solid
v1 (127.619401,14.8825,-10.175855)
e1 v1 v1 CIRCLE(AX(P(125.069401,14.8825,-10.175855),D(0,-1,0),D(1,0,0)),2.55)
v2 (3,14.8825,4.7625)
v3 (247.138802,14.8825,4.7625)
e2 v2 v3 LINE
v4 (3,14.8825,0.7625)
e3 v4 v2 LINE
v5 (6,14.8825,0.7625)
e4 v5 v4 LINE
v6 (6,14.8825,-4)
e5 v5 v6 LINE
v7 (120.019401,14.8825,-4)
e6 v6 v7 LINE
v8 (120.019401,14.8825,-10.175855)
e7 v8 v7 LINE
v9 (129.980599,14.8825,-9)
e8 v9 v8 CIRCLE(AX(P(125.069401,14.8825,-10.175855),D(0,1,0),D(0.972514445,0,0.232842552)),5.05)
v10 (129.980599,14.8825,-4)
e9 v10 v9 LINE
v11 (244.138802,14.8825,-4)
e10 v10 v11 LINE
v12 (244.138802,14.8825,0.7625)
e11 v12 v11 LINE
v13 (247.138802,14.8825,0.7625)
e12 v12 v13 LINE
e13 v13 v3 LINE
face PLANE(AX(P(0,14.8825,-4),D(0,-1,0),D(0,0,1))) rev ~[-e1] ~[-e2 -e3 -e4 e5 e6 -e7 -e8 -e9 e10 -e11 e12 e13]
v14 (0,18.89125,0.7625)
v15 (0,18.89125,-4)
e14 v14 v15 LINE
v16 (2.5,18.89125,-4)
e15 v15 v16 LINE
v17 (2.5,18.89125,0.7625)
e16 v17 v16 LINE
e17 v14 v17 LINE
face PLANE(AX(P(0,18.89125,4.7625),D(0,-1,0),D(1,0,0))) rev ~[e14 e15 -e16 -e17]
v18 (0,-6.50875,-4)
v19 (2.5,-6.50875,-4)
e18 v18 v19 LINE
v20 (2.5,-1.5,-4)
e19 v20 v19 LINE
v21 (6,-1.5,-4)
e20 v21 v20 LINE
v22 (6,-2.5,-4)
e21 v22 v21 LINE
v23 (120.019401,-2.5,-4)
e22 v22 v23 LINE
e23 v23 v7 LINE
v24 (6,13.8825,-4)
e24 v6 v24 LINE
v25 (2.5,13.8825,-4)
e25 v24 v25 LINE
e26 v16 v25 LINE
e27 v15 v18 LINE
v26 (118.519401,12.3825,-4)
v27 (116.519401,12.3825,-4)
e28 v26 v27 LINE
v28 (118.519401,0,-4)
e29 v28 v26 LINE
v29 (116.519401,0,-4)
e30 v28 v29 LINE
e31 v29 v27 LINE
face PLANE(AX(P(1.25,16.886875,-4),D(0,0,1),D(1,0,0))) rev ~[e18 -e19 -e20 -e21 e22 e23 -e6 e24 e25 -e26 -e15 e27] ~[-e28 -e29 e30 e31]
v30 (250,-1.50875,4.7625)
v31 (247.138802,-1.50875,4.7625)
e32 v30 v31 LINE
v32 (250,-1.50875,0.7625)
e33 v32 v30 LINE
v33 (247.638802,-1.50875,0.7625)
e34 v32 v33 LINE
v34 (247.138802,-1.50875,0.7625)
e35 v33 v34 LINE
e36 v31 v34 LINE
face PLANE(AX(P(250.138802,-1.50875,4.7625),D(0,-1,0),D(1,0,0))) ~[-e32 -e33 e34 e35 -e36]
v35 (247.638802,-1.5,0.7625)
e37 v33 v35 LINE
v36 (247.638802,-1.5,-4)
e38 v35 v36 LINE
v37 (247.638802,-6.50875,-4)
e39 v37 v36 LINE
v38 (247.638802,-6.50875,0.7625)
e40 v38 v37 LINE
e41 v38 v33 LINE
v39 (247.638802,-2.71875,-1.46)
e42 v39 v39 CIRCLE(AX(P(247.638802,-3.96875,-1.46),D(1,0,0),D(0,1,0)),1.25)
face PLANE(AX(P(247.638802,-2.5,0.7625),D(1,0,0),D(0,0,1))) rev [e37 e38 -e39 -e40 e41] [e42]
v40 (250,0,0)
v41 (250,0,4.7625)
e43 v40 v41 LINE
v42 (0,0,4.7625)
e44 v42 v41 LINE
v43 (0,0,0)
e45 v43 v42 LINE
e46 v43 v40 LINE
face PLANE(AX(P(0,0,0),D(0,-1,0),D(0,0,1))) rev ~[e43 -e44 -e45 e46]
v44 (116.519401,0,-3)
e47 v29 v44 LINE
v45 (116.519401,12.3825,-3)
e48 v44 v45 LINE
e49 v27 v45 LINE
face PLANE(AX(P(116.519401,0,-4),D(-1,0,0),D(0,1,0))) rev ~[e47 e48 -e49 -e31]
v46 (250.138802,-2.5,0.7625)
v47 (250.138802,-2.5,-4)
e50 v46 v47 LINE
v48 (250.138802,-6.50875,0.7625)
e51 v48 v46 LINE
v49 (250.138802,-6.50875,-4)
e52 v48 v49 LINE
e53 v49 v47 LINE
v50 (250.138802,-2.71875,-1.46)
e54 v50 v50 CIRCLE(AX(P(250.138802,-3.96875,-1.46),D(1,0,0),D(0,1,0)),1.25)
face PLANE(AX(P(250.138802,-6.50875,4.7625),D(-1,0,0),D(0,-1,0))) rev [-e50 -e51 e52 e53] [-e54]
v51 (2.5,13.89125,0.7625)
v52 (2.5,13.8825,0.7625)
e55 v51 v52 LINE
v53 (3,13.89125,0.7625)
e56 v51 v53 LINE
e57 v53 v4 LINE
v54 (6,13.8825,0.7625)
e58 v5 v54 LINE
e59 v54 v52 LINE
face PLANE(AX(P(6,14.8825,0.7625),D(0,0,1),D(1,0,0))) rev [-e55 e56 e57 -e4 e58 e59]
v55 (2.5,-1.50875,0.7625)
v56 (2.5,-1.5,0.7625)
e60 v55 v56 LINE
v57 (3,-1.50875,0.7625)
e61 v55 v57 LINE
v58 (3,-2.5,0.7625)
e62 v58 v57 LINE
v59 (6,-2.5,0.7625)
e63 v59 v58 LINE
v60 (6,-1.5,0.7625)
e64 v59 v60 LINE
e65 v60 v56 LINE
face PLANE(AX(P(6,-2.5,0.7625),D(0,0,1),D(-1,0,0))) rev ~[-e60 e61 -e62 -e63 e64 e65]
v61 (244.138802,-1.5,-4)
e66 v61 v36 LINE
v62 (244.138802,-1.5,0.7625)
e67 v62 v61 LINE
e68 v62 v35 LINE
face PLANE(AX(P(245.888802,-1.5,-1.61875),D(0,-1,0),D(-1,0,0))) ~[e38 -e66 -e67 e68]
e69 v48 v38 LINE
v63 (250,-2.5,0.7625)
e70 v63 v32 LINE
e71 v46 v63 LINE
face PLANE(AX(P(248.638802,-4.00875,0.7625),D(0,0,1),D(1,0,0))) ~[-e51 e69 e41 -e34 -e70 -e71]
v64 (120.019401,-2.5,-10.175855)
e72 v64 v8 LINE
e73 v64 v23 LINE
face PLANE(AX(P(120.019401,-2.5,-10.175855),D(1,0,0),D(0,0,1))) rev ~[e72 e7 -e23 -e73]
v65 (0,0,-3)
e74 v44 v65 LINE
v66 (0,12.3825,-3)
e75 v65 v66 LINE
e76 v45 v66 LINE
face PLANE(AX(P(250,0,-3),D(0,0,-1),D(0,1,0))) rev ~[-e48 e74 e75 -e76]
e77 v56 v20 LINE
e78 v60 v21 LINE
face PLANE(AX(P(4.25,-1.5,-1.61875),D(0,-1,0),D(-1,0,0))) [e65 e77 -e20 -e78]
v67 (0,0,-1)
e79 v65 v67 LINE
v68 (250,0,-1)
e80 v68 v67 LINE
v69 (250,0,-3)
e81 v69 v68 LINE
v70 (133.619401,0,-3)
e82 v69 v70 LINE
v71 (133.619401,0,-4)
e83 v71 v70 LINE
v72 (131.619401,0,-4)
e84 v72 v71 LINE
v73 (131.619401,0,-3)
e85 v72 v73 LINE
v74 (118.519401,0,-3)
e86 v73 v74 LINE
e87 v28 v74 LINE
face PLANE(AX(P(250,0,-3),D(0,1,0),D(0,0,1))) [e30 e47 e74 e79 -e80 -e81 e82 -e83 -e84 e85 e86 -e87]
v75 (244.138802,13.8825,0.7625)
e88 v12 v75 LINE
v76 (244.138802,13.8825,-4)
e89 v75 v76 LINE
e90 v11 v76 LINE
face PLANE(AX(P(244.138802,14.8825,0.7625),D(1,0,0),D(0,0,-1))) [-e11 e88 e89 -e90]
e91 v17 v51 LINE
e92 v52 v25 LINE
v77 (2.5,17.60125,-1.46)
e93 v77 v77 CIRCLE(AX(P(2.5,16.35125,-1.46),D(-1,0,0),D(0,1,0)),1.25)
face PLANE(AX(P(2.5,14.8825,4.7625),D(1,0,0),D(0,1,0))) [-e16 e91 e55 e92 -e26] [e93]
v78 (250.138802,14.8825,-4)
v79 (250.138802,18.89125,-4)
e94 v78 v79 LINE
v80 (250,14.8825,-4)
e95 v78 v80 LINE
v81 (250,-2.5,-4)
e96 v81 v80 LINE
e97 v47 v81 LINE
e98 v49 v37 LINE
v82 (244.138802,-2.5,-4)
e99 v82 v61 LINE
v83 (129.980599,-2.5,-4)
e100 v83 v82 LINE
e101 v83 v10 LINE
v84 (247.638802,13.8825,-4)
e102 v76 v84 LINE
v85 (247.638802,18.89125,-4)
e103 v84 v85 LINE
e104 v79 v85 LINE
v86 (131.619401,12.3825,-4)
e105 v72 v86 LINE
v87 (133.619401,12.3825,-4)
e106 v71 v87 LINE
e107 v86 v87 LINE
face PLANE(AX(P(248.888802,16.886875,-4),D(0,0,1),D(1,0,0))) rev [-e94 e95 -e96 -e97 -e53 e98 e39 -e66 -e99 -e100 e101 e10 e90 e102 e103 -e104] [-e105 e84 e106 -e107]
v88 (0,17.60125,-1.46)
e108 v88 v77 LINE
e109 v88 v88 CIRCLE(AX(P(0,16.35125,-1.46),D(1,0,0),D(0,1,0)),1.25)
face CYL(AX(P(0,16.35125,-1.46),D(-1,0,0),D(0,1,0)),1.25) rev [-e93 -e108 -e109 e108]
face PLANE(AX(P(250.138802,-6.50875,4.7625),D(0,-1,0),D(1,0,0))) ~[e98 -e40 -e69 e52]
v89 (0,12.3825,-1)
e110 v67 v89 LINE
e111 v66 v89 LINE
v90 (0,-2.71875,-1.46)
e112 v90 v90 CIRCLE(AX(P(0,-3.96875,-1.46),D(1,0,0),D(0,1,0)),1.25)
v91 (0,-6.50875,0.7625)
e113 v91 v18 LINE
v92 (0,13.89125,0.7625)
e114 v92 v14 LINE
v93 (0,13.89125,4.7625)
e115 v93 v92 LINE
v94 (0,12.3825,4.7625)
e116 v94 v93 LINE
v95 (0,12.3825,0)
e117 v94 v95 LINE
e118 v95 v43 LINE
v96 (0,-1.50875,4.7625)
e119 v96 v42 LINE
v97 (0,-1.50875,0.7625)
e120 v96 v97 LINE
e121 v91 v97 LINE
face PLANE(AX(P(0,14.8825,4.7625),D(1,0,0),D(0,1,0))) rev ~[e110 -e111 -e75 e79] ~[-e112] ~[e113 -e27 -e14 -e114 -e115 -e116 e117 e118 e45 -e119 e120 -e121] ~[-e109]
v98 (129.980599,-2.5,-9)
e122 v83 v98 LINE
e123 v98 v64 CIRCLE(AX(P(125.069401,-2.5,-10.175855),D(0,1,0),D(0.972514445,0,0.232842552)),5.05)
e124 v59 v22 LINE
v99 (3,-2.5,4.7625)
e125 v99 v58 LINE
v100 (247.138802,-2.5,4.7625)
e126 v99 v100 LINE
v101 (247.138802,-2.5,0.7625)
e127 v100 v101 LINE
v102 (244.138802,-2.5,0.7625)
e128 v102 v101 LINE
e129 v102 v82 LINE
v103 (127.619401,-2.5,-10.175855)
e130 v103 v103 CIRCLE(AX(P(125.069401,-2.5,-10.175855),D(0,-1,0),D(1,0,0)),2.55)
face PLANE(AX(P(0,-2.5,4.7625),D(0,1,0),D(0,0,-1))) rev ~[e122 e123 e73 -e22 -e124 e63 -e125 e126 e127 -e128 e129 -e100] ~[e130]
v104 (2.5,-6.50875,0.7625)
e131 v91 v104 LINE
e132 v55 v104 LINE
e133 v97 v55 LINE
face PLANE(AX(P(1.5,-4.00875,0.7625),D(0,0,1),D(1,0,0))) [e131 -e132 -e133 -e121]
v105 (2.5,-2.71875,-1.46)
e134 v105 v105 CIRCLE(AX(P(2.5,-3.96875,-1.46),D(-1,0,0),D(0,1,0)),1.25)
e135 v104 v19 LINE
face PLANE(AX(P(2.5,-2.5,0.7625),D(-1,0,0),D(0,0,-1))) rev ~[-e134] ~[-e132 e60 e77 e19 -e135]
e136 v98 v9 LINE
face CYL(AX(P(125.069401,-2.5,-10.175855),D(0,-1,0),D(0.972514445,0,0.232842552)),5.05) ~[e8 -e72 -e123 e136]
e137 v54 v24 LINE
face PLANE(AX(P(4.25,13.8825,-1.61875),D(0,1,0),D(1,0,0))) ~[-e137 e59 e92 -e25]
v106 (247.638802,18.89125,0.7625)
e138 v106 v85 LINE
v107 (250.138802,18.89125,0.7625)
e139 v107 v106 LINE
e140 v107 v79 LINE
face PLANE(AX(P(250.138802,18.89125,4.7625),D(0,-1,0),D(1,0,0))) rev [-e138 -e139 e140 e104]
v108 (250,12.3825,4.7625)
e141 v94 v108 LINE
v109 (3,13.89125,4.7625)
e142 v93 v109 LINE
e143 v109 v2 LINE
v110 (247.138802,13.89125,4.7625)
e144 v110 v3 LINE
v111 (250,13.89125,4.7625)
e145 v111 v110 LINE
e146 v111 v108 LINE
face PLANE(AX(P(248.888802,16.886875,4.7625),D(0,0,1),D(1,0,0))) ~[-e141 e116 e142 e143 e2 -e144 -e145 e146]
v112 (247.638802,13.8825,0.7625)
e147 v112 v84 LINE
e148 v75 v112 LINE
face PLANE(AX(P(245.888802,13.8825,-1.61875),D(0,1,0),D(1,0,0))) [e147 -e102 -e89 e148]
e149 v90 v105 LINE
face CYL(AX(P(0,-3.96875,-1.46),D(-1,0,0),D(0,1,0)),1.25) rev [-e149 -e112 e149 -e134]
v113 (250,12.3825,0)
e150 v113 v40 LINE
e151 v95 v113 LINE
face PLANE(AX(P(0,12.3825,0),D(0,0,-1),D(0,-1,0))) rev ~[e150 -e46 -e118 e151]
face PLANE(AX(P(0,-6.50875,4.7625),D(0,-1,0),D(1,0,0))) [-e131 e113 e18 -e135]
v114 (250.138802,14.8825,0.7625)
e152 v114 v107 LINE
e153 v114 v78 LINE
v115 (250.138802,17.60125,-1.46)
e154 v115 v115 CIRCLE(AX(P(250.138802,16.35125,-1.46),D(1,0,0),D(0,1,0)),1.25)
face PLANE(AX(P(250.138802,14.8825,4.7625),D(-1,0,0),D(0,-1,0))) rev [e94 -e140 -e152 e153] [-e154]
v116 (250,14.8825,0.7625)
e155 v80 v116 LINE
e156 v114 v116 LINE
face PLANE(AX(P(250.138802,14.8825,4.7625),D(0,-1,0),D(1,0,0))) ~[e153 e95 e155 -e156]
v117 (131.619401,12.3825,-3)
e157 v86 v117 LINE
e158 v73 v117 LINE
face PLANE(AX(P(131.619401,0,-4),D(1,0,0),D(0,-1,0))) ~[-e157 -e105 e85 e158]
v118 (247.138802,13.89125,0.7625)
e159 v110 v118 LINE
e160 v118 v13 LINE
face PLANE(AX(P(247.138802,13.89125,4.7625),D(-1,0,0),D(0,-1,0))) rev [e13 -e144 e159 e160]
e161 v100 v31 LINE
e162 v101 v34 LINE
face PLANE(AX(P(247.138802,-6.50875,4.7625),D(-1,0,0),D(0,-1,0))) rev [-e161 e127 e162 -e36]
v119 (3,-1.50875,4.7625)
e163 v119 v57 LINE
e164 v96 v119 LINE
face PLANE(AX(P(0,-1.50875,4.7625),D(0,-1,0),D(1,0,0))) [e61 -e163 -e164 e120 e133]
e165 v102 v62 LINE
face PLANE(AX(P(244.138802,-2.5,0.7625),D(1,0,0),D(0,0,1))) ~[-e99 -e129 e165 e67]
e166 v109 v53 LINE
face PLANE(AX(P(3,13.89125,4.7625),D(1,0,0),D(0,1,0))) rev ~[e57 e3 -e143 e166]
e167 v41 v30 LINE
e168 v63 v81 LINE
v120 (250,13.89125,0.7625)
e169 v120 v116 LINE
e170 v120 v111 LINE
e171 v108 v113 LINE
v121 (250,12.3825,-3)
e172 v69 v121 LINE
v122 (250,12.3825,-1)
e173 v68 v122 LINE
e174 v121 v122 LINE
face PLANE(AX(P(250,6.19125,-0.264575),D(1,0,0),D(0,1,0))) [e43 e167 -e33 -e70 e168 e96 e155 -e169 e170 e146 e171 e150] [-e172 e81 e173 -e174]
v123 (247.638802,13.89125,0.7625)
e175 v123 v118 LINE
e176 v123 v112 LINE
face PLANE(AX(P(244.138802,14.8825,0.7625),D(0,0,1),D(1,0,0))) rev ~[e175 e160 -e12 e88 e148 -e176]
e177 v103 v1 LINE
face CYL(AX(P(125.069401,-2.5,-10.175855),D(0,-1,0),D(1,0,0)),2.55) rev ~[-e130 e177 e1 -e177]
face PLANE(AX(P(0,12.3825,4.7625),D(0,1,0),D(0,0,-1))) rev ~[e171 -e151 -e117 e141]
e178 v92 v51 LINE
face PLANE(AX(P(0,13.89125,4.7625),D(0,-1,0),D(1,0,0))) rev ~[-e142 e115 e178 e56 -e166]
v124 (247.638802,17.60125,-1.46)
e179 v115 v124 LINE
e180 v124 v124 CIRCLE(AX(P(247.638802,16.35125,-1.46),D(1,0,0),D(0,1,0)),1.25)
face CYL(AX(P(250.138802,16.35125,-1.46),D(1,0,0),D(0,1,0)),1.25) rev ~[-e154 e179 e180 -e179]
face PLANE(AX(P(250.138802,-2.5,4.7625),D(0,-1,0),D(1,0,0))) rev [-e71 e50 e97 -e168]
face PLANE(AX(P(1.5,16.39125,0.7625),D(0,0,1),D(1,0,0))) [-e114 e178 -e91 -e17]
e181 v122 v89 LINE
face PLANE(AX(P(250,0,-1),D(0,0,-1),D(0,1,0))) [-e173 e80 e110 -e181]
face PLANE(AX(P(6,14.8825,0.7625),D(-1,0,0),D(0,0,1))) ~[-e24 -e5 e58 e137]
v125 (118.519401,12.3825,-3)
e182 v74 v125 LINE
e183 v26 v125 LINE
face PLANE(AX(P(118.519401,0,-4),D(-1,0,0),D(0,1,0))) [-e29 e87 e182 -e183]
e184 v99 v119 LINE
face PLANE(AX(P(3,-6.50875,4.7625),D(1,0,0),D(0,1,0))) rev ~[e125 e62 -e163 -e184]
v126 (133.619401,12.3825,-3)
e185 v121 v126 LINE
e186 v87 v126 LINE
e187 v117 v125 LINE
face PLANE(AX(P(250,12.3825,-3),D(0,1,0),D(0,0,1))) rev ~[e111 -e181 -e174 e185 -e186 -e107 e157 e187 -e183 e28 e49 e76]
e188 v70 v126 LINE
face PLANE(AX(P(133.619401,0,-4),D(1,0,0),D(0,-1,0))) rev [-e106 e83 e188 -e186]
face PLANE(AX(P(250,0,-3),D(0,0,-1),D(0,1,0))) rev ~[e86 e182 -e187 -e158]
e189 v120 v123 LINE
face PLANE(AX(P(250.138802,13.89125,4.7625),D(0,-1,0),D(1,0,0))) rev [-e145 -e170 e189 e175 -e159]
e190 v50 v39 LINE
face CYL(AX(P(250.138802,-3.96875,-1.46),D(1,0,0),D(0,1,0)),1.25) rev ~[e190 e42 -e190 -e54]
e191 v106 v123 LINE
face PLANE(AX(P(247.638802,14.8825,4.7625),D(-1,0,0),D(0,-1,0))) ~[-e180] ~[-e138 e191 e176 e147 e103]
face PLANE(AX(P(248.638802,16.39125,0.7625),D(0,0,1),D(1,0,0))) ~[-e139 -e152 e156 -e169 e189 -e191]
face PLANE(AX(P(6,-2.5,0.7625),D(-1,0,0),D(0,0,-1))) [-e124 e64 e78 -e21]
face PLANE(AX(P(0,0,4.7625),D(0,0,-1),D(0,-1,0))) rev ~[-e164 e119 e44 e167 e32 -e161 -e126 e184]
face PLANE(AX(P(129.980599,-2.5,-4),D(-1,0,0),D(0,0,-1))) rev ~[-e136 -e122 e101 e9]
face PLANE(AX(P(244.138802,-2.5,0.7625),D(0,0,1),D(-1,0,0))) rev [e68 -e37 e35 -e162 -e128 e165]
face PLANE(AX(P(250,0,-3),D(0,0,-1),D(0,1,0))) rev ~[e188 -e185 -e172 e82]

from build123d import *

# Parameters (mm, degrees)
BOSS_EXTRUDE1_DEPTH     = 250
SKETCH3_R               = 2.55
BOSS_EXTRUDE2_DEPTH     = 17.3825
SKETCH8_W               = 12.3825
SKETCH8_H               = 2
CUT_EXTRUDE4_DEPTH      = 251
SKETCH9_W               = 2
SKETCH9_H               = 12.3825
CUT_EXTRUDE5_DEPTH      = 1
SKETCH10_W              = 2.5
SKETCH10_H              = 4.00875
BOSS_EXTRUDE3_DEPTH     = 8.7625
SKETCH11_R              = 1.25
CUT_EXTRUDE6_DEPTH      = 247.638802
SKETCH14_W              = 3
SKETCH14_H              = 5
CUT_EXTRUDE7_DEPTH      = 4
SKETCH15_W              = 3.5
SKETCH15_H              = 4.7625
CUT_EXTRUDE9_DEPTH      = 1
MIRROR8_COPY_1_SKETCH_W = 3.5
MIRROR8_COPY_1_SKETCH_H = 4.7625
MIRROR8_COPY_1_DEPTH    = 1


with BuildPart() as part:
    # Sketch1 → Boss-Extrude1 (new body)
    with BuildSketch(Plane.YZ):
        Polygon((0, 4.7625), (-2.5, 4.7625), (-2.5, -4), (14.8825, -4), (14.8825, 4.7625), (12.3825, 4.7625), (12.3825, 0), (0, 0), align=None)
    extrude(amount=BOSS_EXTRUDE1_DEPTH)

    # Sketch3 → Boss-Extrude2 (add)
    with BuildSketch(Plane.XZ.offset(2.5)):
        with BuildLine():
            Line((120.019401026, -4), (129.980598974, -4))
            Line((129.980598974, -4), (129.980598974, -9))
            ThreePointArc((129.980598974, -9), (125.66141047, -15.191034327), (120.019401026, -10.175854887))
            Line((120.019401026, -10.175854887), (120.019401026, -4))
        make_face()
        with Locations((125.069401026, -10.175854887)):
            Circle(SKETCH3_R, mode=Mode.SUBTRACT)
    extrude(amount=-BOSS_EXTRUDE2_DEPTH)

    # Sketch8 → Cut-Extrude4 (cut, through all)
    with BuildSketch(Plane.YZ.offset(250)):
        with Locations((6.19125, -2)):
            Rectangle(SKETCH8_W, SKETCH8_H)
    extrude(amount=-CUT_EXTRUDE4_DEPTH, mode=Mode.SUBTRACT)

    # Sketch9 → Cut-Extrude5 (cut)
    with BuildSketch(Plane(origin=(0, 0, -4), x_dir=(-1, 0, 0), z_dir=(0, 0, -1))):
        with Locations((-117.519401026, 6.19125)):
            Rectangle(SKETCH9_W, SKETCH9_H)
    cut_extrude5 = extrude(amount=-CUT_EXTRUDE5_DEPTH, mode=Mode.SUBTRACT)

    # Mirror1: Cut-Extrude5 across plane
    add(cut_extrude5.mirror(Plane.ZY.offset(-125.069401026)), mode=Mode.SUBTRACT)

    # Sketch10 → Boss-Extrude3 (add)
    with BuildSketch(Plane.XY.offset(4.7625)):
        with Locations((1.25, 16.886875)):
            Rectangle(SKETCH10_W, SKETCH10_H)
        with Locations((1.25, -4.504375)):
            Rectangle(SKETCH10_W, SKETCH10_H)
    boss_extrude3 = extrude(amount=-BOSS_EXTRUDE3_DEPTH)

    # Mirror2: Boss-Extrude3 across plane
    add(boss_extrude3.mirror(Plane.ZY.offset(-125.069401026)))

    # Sketch11 → Cut-Extrude6 (cut)
    with BuildSketch(Plane.YZ.offset(250.138802052)):
        with Locations((16.35125, -1.46)):
            Circle(SKETCH11_R)
        with Locations((-3.96875, -1.46)):
            Circle(SKETCH11_R)
    cut_extrude6 = extrude(amount=-CUT_EXTRUDE6_DEPTH, mode=Mode.SUBTRACT)

    # Mirror3: Cut-Extrude6 across plane
    add(cut_extrude6.mirror(Plane.ZY.offset(-125.069401026)), mode=Mode.SUBTRACT)

    # Sketch14 → Cut-Extrude7 (cut)
    with BuildSketch(Plane.XY.offset(4.7625)):
        with Locations((1.5, -4.00875)):
            Rectangle(SKETCH14_W, SKETCH14_H)
        with Locations((1.5, 16.39125)):
            Rectangle(SKETCH14_W, SKETCH14_H)
    cut_extrude7 = extrude(amount=-CUT_EXTRUDE7_DEPTH, mode=Mode.SUBTRACT)

    # Mirror4: Cut-Extrude7 across plane
    add(cut_extrude7.mirror(Plane.ZY.offset(-125.069401026)), mode=Mode.SUBTRACT)

    # Sketch15 → Cut-Extrude9 (cut)
    with BuildSketch(Plane(origin=(0, -2.5, 0), x_dir=(-1, 0, 0), z_dir=(0, -1, 0))):
        with Locations((-4.25, 1.61875)):
            Rectangle(SKETCH15_W, SKETCH15_H)
    cut_extrude9 = extrude(amount=-CUT_EXTRUDE9_DEPTH, mode=Mode.SUBTRACT)

    # Mirror7: Cut-Extrude9 across plane
    add(cut_extrude9.mirror(Plane.ZX.offset(6.19125)), mode=Mode.SUBTRACT)

    # Mirror8: Cut-Extrude9 across plane
    add(cut_extrude9.mirror(Plane.ZY.offset(-125.069401026)), mode=Mode.SUBTRACT)

    # Mirror8 copy 1 sketch → Mirror8 copy 1 (cut)
    with BuildSketch(Plane(origin=(250.138802052, 14.8825, 0), x_dir=(1, 0, 0), z_dir=(0, 1, 0))):
        with Locations((-4.25, 1.61875)):
            Rectangle(MIRROR8_COPY_1_SKETCH_W, MIRROR8_COPY_1_SKETCH_H)
    extrude(amount=-MIRROR8_COPY_1_DEPTH, mode=Mode.SUBTRACT)


solid = part.part
